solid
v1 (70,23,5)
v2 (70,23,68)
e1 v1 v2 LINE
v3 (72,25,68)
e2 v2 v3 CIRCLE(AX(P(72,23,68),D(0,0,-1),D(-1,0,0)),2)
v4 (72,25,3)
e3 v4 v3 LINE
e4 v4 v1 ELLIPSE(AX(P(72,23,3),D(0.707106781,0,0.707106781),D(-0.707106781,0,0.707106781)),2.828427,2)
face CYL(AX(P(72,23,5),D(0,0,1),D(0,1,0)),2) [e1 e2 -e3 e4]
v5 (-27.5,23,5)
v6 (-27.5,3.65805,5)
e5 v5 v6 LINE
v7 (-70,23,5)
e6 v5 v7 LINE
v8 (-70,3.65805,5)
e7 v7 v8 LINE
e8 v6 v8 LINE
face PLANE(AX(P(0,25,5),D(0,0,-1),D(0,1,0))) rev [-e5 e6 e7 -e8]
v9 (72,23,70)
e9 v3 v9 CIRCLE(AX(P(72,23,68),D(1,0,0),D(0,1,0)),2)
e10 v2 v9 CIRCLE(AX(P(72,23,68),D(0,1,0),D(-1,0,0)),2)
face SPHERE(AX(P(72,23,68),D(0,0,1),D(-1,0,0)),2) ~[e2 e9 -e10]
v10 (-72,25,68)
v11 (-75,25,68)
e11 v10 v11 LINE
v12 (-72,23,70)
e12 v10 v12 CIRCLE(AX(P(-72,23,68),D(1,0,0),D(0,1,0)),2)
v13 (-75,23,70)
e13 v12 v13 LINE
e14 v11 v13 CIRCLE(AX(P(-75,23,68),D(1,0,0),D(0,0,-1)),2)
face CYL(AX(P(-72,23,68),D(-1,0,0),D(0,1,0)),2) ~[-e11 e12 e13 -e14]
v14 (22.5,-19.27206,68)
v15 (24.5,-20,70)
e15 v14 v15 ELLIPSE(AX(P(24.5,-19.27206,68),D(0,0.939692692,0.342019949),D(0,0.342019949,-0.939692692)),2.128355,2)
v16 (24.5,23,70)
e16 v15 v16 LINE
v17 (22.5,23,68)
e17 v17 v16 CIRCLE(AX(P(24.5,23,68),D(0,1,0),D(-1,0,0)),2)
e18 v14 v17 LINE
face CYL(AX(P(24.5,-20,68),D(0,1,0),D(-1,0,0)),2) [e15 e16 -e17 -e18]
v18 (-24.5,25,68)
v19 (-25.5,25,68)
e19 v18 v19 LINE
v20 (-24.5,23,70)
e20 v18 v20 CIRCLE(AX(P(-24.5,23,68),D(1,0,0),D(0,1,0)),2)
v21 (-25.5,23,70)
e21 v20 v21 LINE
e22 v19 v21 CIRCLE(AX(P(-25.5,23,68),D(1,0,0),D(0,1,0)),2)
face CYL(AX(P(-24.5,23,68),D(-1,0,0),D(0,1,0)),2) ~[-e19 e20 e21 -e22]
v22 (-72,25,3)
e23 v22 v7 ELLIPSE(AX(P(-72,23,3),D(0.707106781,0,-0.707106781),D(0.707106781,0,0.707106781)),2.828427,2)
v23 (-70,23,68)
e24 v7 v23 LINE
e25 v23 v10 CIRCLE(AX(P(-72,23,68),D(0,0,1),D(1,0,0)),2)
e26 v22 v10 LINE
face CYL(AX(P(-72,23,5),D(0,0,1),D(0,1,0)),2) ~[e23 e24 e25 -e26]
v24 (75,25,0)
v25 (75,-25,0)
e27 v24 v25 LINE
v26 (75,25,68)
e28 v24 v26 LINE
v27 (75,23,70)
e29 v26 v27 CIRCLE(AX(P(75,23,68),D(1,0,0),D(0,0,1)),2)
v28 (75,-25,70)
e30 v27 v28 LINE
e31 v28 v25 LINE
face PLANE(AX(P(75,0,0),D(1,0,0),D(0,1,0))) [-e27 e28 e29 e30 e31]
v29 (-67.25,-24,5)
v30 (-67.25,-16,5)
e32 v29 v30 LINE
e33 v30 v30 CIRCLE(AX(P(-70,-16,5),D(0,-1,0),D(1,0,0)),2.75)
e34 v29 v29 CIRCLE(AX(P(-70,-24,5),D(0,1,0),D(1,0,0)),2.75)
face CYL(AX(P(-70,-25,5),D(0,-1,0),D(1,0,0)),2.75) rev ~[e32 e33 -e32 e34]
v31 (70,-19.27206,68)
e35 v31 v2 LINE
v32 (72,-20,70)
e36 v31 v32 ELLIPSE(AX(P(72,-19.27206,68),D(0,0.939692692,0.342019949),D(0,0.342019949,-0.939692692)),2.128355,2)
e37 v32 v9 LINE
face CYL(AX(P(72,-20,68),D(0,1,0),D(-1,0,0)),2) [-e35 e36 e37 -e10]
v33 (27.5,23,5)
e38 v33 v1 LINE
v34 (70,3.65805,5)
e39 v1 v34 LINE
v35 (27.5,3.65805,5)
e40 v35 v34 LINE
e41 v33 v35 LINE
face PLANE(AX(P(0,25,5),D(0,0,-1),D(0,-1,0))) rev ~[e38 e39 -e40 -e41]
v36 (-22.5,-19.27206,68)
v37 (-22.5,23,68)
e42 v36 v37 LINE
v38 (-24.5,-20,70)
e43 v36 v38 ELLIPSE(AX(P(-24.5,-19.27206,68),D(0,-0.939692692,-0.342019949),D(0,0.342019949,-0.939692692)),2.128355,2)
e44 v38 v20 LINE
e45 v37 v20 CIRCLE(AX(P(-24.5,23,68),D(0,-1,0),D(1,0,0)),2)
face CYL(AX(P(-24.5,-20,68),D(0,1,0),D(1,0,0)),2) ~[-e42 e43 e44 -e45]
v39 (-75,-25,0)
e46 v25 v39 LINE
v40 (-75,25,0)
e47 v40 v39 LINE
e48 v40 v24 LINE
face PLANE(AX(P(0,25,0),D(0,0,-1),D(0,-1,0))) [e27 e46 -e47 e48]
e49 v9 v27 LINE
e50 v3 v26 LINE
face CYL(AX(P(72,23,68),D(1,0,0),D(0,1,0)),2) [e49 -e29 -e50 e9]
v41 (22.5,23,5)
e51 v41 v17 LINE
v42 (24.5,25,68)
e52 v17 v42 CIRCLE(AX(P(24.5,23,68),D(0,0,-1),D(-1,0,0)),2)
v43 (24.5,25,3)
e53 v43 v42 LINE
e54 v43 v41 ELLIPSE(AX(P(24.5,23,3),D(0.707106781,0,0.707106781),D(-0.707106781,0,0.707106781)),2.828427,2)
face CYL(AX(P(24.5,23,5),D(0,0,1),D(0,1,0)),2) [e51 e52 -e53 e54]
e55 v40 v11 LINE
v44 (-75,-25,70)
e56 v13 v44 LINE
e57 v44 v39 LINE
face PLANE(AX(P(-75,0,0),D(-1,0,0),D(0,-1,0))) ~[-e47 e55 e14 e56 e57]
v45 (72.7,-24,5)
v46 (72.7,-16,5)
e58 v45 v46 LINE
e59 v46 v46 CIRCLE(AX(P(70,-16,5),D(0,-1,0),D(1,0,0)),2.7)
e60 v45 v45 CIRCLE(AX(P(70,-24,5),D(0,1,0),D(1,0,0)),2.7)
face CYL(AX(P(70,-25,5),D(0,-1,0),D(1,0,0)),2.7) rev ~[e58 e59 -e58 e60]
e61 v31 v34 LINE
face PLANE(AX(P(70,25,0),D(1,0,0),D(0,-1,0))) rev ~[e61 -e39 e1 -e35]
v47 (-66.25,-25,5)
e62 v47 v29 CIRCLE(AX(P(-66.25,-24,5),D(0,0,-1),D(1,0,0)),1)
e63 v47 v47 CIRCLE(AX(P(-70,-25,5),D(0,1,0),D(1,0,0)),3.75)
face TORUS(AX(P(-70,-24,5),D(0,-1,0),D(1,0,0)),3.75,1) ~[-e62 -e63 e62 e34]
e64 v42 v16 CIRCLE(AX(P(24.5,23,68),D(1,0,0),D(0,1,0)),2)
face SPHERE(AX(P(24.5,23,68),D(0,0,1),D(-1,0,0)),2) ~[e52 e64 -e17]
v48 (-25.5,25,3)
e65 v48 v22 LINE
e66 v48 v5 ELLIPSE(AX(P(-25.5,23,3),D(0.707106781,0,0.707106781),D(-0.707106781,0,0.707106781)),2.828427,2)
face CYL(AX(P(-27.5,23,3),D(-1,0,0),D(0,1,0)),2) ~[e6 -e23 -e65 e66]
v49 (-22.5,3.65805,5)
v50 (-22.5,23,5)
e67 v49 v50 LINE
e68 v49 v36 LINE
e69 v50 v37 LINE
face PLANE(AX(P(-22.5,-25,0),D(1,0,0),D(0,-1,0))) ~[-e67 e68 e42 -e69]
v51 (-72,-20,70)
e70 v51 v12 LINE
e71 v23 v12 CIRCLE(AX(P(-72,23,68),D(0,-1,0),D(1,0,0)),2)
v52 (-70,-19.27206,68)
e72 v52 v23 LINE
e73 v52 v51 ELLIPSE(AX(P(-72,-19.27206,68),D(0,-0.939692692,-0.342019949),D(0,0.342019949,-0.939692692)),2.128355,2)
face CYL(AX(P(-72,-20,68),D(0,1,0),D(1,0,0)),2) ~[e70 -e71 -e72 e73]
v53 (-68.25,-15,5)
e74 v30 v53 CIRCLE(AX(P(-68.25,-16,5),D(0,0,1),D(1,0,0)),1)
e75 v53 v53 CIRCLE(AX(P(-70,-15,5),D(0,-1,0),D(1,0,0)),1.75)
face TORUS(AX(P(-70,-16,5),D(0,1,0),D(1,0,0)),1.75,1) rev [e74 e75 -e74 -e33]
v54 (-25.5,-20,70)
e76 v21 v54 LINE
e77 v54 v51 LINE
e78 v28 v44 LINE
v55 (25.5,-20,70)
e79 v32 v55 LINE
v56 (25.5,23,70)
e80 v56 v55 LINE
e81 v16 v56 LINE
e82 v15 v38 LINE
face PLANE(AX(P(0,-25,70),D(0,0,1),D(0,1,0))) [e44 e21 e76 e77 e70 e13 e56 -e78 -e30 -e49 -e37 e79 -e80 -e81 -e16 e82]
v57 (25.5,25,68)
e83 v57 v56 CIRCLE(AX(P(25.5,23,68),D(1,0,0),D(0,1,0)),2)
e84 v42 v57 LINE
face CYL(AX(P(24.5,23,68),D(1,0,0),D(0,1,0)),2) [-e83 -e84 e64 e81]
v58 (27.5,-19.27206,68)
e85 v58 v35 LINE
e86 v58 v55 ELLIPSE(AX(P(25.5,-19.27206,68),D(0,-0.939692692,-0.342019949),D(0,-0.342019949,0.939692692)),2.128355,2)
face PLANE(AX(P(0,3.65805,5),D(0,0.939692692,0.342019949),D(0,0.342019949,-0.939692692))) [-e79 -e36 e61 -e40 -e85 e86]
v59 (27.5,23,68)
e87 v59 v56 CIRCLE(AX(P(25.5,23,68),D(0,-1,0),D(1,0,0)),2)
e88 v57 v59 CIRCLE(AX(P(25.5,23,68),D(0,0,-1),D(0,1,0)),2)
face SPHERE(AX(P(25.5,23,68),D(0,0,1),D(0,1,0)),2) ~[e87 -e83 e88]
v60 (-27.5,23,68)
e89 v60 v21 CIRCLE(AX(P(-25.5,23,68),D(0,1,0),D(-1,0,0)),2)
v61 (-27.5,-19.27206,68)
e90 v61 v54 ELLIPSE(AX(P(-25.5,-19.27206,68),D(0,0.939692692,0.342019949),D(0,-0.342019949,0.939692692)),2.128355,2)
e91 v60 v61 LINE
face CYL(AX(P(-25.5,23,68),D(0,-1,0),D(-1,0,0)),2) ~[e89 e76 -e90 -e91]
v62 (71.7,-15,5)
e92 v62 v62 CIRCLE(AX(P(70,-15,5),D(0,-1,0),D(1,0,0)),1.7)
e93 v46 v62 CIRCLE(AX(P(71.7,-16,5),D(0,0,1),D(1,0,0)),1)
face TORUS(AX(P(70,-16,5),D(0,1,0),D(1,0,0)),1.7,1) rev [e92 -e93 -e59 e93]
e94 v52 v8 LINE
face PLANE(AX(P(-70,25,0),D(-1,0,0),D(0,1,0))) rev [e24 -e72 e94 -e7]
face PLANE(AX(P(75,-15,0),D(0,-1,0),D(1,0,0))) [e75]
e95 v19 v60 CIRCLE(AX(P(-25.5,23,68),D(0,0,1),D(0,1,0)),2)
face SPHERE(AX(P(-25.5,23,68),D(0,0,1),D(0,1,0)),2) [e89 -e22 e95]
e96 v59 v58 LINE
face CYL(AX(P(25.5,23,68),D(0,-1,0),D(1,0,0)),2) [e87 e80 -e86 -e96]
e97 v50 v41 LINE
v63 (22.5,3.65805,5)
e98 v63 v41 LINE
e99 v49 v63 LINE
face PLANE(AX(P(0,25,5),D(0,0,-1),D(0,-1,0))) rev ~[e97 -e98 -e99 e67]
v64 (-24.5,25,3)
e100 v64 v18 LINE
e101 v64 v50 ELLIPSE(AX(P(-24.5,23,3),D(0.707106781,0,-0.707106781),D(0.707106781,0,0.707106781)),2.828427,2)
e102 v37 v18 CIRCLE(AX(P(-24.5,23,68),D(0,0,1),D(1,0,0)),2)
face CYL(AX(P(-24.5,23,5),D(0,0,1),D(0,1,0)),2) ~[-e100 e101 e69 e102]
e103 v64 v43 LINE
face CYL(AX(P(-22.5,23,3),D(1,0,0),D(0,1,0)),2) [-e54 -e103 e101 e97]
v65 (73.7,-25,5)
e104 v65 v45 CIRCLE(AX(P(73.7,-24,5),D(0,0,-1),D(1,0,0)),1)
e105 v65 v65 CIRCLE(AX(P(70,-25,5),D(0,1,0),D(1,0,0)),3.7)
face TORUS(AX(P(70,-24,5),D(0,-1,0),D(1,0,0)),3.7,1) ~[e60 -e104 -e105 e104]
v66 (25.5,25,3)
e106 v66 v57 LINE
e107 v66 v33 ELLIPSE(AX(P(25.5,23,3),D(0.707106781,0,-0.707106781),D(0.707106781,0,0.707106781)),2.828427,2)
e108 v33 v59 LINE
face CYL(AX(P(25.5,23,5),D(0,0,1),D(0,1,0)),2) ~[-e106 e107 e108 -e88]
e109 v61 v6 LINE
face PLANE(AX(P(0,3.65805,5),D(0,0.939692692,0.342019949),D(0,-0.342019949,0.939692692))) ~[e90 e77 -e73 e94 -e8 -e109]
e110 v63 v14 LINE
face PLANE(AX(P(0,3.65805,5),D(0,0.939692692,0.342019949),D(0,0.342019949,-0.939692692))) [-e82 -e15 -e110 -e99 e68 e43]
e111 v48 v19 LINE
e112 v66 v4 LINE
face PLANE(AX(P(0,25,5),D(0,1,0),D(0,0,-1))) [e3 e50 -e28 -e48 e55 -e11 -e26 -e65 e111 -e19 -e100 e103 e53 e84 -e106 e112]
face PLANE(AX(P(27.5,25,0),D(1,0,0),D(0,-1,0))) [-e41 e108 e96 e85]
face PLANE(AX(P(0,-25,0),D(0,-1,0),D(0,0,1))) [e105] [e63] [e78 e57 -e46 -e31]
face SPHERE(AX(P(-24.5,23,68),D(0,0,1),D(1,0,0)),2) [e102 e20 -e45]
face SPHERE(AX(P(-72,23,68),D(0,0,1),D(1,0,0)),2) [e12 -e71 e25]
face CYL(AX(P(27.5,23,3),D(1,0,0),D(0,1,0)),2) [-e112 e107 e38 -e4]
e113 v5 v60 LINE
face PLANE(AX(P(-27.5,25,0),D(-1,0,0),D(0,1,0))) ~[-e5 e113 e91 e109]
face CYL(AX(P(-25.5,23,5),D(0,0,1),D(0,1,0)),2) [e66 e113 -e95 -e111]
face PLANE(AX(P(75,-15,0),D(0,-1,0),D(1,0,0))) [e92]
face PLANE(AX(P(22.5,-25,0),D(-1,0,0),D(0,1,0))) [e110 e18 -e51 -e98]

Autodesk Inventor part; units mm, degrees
ref_plane "YZ Plane" through (0, 0, 0) normal (1, 0, 0) x (0, 1, 0)
ref_plane "XZ Plane" through (0, 0, 0) normal (0, 1, 0) x (-1, 0, 0)
ref_plane "XY Plane" through (0, 0, 0) normal (0, 0, 1) x (1, 0, 0)
sketch "Sketch1" plane through (0, 0, 0) normal (0, 0, 1) x (1, 0, 0)
  line L0 (-75, 25) -> (75, 25)
  line L1 (75, 25) -> (75, -25)
  line L2 (75, -25) -> (-75, -25)
  line L3 (-75, -25) -> (-75, 25)
  line L4 (-75, 25) -> (75, -25) construction
  line L5 (75, 25) -> (-75, -25) construction
  line L6 (25, 25) -> (25, -25)
  line L7 (22.5, 25) -> (27.5, 25)
  line L8 (27.5, 25) -> (27.5, -25)
  line L9 (27.5, -25) -> (22.5, -25)
  line L10 (22.5, -25) -> (22.5, 25)
  line L11 (22.5, 25) -> (27.5, -25) construction
  line L12 (27.5, 25) -> (22.5, -25) construction
  line L13 (75, 25) -> (70, 25)
  line L14 (70, 25) -> (70, -25)
  line L15 (70, -25) -> (75, -25)
  line L16 (75, -25) -> (75, 25)
  point P0 (0, 0)
  point P1 (25, 0)
  point P2 (22.5, 25)
  point P3 (22.5, -25)
  point P4 (27.5, -25)
  point P5 (27.5, 25)
  dimension "d0" = 50
  dimension "d1" = 150
  dimension "d9" = 50
  dimension "d14" = 5
  dimension "d15" = 5
sketch "Sketch2" plane through (0, 0, 0) normal (1, 0, 0) x (0, 1, 0)
  line L0 (25, 0) -> (-25, 0) projected
  line L1 (25, 0) -> (-25, 0)
  line L2 (-25, 0) -> (-25, 70)
  line L3 (-25, 70) -> (25, 70)
  line L4 (25, 70) -> (25, 0)
  line L5 (-20, 70) -> (5.4779, 0)
  line L6 (25, 5) -> (-25, 5)
  line L7 (-20, 70) -> (-20, 0)
  point P0 (0, 0)
  point P1 (5.4779, 0)
  point P2 (3.6581, 5)
  dimension "d2" = 70
  dimension "d3" = 5
  dimension "d5" = 5
  dimension "d20" = 20
extrude "Extrusion1" add sketch "Sketch2" along normal blind 75 contours L0 L7 L6 L5 | L0 L2 L6 L7 | L6 L7 L5 | L6 L2 L3 L7
extrude "Extrusion2" add sketch "Sketch2" along normal blind 75 contours L0 L5 L6 L4
extrude "Extrusion3" add sketch "Sketch1" along normal blind 70 contours L0 L1 L2 L14
extrude "Extrusion4" add sketch "Sketch1" along normal blind 70 contours L0 L6 L2 L10 | L0 L8 L2 L6
mirror "Mirror1" about plane through (0, 0, 0) normal (1, 0, 0)
fillet "Fillet1" radius 2 9 edges at (-27.5, 25, 37.5) (-22.5, 25, 37.5) (22.5, 25, 37.5) (27.5, 25, 37.5) (70, 25, 37.5) (-70, 25, 37.5) (-48.75, 25, 5) (0, 25, 5) (48.75, 25, 5)
fillet "Fillet2" radius 2 10 edges at (-25, 25, 70) (-22.5, 1.5, 70) (-27.5, 1.5, 70) (25, 25, 70) (27.5, 1.5, 70) (22.5, 1.5, 70) (73.5, 25, 70) (70, 1.5, 70) (-73.5, 25, 70) (-70, 1.5, 70)
sketch "Sketch3" plane through (75, -25, 0) normal (0, -1, 0) x (1, 0, 0)
  line L0 (0, 0) -> (-150, 0) projected
  line L1 (0, 70) -> (0, 0) projected
  line L2 (-150, 70) -> (0, 70) projected
  line L3 (-150, 70) -> (-150, 0) projected
  line L4 (-145, 5) -> (-5, 5)
  line L5 (-5, 5) -> (-5, 65)
  line L6 (-5, 65) -> (-145, 65)
  line L7 (-145, 65) -> (-145, 5)
  circle A0 centre (-5, 5) radius 2.7
  circle A1 centre (-145, 5) radius 2.75
  point P0 (-75, 0)
  dimension "d35" = 5
  dimension "d36" = 5.4
  dimension "d37" = 5.5
extrude "Extrusion5" cut sketch "Sketch3" against normal blind 10 contours L7 A1 L4 | L4 A1 L7 | A0 L5 L4 | L4 L5 A0
fillet "Fillet3" radius 1 2 edges at (67.3, -25, 5) (-72.75, -25, 5)
ref_plane "Work Plane2" through (75, -25, 5) normal (0, 0, -1) x (-1, 0, 0)
fillet "Fillet4" radius 1 1 edges at (-72.75, -15, 5)
fillet "Fillet5" radius 1 1 edges at (67.3, -15, 5)
equation "\"d9\" = 0.333333 * d1"
equation "\"d5\" = d3"
equation "\"d10\" = 0.5 * d1"
equation "\"d12\" = 0.5 * d1"
equation "\"d16\" = d2"
equation "\"d18\" = d2"
properties part number "rubbish-container-group2" material "ABS Plastic"
